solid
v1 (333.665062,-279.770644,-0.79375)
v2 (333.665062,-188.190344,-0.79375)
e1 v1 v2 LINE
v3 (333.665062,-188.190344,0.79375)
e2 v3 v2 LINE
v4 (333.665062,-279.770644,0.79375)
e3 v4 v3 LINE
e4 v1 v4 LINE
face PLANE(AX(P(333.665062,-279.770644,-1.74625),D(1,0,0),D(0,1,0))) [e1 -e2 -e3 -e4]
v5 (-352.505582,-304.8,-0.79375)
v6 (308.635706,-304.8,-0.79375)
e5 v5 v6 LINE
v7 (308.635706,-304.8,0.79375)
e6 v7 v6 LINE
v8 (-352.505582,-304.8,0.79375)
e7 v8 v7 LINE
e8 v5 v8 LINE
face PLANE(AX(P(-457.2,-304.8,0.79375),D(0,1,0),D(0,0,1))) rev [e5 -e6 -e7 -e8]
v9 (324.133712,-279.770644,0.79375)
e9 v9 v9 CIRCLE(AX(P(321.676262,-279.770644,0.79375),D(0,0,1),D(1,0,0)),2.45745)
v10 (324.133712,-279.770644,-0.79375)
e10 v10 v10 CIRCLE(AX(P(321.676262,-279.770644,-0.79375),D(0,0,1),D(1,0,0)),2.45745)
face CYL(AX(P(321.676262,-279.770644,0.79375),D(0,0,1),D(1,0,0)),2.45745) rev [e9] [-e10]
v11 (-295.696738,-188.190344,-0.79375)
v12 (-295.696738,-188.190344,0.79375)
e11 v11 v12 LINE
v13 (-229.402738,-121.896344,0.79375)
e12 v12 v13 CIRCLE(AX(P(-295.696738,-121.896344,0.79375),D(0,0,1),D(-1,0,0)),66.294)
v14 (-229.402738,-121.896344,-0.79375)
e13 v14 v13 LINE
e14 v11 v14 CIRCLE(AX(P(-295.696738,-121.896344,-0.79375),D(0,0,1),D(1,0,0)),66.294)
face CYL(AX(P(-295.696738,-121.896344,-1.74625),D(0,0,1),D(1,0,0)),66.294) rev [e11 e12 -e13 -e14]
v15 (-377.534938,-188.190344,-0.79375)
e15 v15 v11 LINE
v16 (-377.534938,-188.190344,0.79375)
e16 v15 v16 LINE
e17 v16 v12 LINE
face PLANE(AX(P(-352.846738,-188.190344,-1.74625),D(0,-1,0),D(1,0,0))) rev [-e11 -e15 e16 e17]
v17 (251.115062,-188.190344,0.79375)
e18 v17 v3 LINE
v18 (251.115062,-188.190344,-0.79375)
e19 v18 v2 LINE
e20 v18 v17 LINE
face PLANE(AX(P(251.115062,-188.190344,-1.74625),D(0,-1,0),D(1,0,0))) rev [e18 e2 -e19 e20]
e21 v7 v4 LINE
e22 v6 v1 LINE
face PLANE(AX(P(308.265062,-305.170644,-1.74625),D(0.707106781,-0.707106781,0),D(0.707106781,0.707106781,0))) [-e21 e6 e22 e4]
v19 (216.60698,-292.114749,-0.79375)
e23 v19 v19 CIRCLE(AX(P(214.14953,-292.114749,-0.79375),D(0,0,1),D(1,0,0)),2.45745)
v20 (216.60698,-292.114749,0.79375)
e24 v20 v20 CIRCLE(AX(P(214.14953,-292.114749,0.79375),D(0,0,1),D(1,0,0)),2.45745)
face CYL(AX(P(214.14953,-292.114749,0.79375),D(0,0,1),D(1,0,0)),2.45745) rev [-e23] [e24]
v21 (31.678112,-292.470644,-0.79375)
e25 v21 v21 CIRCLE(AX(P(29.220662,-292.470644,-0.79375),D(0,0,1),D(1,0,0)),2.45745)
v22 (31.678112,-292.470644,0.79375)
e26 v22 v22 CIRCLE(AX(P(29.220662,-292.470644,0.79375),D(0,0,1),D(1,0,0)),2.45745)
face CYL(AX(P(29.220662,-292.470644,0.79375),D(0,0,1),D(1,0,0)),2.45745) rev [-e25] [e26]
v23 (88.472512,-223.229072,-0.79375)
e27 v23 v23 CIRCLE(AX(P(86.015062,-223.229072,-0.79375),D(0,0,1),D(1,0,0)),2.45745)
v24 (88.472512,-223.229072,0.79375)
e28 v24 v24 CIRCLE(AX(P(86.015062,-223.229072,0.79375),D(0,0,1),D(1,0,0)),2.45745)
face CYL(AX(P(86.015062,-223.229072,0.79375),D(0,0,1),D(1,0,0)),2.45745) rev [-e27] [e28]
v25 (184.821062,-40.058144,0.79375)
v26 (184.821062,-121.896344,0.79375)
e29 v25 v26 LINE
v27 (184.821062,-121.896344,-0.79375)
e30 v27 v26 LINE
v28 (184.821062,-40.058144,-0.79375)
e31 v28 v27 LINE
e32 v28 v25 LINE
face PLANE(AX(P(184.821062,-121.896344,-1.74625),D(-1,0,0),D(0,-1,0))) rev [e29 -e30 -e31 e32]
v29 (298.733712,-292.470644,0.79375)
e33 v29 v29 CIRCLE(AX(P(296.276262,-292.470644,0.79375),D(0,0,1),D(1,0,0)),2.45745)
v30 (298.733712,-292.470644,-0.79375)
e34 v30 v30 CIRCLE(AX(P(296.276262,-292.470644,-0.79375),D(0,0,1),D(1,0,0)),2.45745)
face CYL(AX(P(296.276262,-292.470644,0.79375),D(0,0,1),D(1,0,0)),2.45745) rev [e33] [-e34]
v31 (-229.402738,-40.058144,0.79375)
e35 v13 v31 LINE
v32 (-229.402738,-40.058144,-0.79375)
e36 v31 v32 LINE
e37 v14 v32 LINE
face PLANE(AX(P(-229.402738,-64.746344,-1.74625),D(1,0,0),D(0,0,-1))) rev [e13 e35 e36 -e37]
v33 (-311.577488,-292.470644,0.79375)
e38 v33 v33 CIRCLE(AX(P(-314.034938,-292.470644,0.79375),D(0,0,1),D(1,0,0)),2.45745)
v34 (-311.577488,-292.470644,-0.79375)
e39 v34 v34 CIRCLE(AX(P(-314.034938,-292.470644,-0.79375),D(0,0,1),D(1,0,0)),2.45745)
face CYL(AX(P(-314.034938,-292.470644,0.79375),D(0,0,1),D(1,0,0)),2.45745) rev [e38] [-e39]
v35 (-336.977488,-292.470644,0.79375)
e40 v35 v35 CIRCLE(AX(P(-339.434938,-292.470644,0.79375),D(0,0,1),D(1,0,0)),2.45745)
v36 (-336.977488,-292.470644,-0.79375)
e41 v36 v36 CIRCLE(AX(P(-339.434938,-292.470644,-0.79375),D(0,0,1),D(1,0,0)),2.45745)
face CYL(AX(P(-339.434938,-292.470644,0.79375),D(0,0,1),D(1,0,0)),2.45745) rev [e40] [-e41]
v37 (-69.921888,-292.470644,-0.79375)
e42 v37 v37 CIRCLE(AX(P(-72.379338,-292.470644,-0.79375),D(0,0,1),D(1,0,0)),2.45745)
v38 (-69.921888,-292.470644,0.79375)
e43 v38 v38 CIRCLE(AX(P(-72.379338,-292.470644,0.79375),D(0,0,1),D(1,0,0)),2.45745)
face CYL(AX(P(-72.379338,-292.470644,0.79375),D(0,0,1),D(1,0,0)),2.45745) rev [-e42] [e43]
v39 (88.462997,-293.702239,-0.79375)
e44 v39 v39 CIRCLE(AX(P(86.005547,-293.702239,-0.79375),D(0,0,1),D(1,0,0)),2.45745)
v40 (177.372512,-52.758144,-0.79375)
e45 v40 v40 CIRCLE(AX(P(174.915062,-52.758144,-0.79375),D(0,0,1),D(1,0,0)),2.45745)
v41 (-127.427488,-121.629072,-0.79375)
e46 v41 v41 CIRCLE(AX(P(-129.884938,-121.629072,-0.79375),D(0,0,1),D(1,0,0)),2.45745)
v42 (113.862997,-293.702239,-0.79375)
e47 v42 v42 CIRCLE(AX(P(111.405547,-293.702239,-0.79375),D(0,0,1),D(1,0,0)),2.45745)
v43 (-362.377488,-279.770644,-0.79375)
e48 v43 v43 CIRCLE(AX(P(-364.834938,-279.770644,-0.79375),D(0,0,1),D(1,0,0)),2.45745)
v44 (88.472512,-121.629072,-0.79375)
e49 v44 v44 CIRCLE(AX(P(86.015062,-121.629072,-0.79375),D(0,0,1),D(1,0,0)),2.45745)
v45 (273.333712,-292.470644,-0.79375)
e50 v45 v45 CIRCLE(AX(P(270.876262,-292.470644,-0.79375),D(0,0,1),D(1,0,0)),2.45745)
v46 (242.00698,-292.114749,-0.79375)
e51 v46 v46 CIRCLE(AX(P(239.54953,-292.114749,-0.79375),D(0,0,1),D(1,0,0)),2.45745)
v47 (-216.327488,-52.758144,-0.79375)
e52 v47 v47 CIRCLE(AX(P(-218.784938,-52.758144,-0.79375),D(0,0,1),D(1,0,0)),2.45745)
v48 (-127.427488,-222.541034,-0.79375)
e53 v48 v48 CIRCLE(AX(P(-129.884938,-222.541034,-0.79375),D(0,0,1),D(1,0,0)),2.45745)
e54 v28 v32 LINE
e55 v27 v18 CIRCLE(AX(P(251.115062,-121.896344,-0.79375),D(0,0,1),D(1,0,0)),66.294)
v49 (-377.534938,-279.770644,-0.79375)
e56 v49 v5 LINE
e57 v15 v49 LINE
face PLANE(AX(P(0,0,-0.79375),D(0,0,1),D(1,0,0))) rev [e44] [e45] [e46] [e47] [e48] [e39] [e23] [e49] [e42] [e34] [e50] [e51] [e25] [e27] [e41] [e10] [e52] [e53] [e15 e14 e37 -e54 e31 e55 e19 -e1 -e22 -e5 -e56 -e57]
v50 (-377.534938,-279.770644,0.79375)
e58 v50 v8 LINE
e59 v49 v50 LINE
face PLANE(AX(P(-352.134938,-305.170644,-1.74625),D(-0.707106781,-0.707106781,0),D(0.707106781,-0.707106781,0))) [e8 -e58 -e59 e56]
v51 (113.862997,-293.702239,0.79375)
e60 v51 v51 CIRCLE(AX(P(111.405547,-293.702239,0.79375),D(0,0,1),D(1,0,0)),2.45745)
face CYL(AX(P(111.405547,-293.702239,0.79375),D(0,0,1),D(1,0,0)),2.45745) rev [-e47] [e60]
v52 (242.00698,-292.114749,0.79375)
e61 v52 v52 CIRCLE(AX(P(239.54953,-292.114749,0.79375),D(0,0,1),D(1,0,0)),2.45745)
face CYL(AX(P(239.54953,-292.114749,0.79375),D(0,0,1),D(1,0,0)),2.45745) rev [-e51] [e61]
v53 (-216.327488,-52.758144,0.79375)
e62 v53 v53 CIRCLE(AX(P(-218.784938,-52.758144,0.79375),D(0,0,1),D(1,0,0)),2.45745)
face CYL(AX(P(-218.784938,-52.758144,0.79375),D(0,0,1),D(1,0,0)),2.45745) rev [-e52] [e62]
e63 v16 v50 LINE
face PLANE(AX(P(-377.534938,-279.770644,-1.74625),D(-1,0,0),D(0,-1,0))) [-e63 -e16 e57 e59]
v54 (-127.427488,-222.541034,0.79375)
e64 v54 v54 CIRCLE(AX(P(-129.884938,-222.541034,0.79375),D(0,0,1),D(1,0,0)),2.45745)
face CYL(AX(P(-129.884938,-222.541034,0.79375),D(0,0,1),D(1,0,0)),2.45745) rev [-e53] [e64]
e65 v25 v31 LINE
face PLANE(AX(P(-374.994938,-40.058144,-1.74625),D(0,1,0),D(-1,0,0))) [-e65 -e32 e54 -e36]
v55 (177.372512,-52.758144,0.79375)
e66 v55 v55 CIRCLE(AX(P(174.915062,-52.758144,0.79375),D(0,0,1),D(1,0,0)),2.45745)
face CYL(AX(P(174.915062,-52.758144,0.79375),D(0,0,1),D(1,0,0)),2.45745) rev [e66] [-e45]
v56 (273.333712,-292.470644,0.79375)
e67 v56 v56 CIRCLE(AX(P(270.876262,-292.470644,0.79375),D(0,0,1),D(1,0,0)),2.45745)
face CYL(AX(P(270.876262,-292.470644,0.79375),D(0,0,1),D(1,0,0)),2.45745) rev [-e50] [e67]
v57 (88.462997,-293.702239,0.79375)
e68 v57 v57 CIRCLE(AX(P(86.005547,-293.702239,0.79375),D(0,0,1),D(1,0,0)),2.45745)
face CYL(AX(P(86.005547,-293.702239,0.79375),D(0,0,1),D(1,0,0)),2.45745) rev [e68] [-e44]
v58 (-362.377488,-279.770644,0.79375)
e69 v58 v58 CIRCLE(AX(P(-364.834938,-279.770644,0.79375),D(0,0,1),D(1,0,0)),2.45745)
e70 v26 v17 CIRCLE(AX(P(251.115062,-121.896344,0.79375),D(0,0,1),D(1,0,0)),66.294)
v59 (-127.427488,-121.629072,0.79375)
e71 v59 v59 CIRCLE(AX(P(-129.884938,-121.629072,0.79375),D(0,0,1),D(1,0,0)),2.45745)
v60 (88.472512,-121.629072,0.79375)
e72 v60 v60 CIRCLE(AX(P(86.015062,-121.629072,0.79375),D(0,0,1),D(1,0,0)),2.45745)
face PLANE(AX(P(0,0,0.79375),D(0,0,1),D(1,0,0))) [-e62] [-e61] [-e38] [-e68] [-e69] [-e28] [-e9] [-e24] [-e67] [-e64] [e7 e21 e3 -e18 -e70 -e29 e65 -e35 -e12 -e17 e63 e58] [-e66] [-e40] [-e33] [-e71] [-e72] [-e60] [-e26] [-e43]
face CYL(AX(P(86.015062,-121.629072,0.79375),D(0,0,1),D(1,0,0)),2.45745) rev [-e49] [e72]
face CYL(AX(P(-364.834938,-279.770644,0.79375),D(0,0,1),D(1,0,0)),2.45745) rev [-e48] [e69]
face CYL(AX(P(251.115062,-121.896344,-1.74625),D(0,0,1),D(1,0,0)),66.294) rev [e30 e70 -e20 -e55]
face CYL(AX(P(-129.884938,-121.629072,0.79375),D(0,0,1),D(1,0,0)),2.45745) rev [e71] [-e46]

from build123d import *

# Parameters (mm, degrees)
SKETCH3_W                    = 914.4
SKETCH3_H                    = 609.6
BOSS_EXTRUDE1_DEPTH          = 0.79375
SKETCH4_OUTSIDE_W            = 1136.194
SKETCH4_OUTSIDE_H            = 831.394
CUT_EXTRUDE1_DEPTH           = 2.54
CUT_EXTRUDE2_DEPTH           = 2.54
CUT_EXTRUDE3_DEPTH           = 2.54
F_10_0_1935_DIAMETER_HOLE1_D = 4.9149
F_10_0_1935_DIAMETER_HOLE2_D = 4.9149


with BuildPart() as part:
    # Sketch3 → Boss-Extrude1 (new, symmetric)
    with BuildSketch(Plane.XY):
        Rectangle(SKETCH3_W, SKETCH3_H)
    extrude(amount=BOSS_EXTRUDE1_DEPTH, both=True)

    # Sketch4 outside → Cut-Extrude1 (cut)
    with BuildSketch(Plane.XY.offset(0.79375)):
        Rectangle(SKETCH4_OUTSIDE_W, SKETCH4_OUTSIDE_H)
        with BuildLine():
            Line((-352.134938229, -305.170644008), (-377.534938229, -279.770644008))
            Line((-377.534938229, -279.770644008), (-377.534938229, -42.598144008))
            ThreePointArc((-377.534938229, -42.598144008), (-376.790989453, -40.802092784), (-374.994938229, -40.058144008))
            Line((-374.994938229, -40.058144008), (331.125061771, -40.058144008))
            ThreePointArc((331.125061771, -40.058144008), (332.921112995, -40.802092784), (333.665061771, -42.598144008))
            Line((333.665061771, -42.598144008), (333.665061771, -279.770644008))
            Line((333.665061771, -279.770644008), (308.265061771, -305.170644008))
            Line((308.265061771, -305.170644008), (-352.134938229, -305.170644008))
        make_face(mode=Mode.SUBTRACT)
    extrude(amount=-CUT_EXTRUDE1_DEPTH, mode=Mode.SUBTRACT)

    # Sketch7 → Cut-Extrude2 (cut)
    with BuildSketch(Plane.XY.offset(0.79375)):
        with BuildLine():
            Line((-377.534938229, -188.190344021), (-377.534938229, -40.058144008))
            Line((-377.534938229, -40.058144008), (-229.402738216, -40.058144008))
            Line((-229.402738216, -40.058144008), (-229.402738216, -64.746344021))
            Line((-229.402738216, -64.746344021), (-229.402738216, -121.896344021))
            ThreePointArc((-229.402738216, -121.896344021), (-248.819801264, -168.773280973), (-295.696738216, -188.190344021))
            Line((-295.696738216, -188.190344021), (-352.846738216, -188.190344021))
            Line((-352.846738216, -188.190344021), (-377.534938229, -188.190344021))
        make_face()
    extrude(amount=-CUT_EXTRUDE2_DEPTH, mode=Mode.SUBTRACT)

    # Sketch8 → Cut-Extrude3 (cut)
    with BuildSketch(Plane.XY.offset(0.79375)):
        with BuildLine():
            Line((251.115061771, -188.190344021), (336.840061771, -188.190344021))
            Line((336.840061771, -188.190344021), (336.840061771, -36.171344021))
            Line((336.840061771, -36.171344021), (184.821061771, -36.171344021))
            Line((184.821061771, -36.171344021), (184.821061771, -121.896344021))
            ThreePointArc((184.821061771, -121.896344021), (204.238124819, -168.773280973), (251.115061771, -188.190344021))
        make_face()
    extrude(amount=-CUT_EXTRUDE3_DEPTH, mode=Mode.SUBTRACT)

    # #10 (0.1935) Diameter Hole1 (through all)
    with Locations(Plane.XY.offset(0.79375)):
        with Locations((-314.034938229, -292.470644008), (-339.434938229, -292.470644008), (-364.834938229, -279.770644008), (86.005546883, -293.702239208), (111.405546883, -293.702239208), (214.149530262, -292.114748821), (239.549530262, -292.114748821), (296.276261771, -292.470644008), (270.876261771, -292.470644008), (321.676261771, -279.770644008), (174.915061771, -52.758144008), (-218.784938229, -52.758144008), (-72.379338229, -292.470644008), (29.220661771, -292.470644008)):
            Hole(F_10_0_1935_DIAMETER_HOLE1_D / 2)

    # #10 (0.1935) Diameter Hole2 (through all)
    with Locations(Plane.XY.offset(0.79375)):
        with Locations((-129.88493833, -121.629072033), (-129.88493833, -222.541034234), (86.015061873, -223.229071976), (86.015061873, -121.629072033)):
            Hole(F_10_0_1935_DIAMETER_HOLE2_D / 2)


solid = part.part
